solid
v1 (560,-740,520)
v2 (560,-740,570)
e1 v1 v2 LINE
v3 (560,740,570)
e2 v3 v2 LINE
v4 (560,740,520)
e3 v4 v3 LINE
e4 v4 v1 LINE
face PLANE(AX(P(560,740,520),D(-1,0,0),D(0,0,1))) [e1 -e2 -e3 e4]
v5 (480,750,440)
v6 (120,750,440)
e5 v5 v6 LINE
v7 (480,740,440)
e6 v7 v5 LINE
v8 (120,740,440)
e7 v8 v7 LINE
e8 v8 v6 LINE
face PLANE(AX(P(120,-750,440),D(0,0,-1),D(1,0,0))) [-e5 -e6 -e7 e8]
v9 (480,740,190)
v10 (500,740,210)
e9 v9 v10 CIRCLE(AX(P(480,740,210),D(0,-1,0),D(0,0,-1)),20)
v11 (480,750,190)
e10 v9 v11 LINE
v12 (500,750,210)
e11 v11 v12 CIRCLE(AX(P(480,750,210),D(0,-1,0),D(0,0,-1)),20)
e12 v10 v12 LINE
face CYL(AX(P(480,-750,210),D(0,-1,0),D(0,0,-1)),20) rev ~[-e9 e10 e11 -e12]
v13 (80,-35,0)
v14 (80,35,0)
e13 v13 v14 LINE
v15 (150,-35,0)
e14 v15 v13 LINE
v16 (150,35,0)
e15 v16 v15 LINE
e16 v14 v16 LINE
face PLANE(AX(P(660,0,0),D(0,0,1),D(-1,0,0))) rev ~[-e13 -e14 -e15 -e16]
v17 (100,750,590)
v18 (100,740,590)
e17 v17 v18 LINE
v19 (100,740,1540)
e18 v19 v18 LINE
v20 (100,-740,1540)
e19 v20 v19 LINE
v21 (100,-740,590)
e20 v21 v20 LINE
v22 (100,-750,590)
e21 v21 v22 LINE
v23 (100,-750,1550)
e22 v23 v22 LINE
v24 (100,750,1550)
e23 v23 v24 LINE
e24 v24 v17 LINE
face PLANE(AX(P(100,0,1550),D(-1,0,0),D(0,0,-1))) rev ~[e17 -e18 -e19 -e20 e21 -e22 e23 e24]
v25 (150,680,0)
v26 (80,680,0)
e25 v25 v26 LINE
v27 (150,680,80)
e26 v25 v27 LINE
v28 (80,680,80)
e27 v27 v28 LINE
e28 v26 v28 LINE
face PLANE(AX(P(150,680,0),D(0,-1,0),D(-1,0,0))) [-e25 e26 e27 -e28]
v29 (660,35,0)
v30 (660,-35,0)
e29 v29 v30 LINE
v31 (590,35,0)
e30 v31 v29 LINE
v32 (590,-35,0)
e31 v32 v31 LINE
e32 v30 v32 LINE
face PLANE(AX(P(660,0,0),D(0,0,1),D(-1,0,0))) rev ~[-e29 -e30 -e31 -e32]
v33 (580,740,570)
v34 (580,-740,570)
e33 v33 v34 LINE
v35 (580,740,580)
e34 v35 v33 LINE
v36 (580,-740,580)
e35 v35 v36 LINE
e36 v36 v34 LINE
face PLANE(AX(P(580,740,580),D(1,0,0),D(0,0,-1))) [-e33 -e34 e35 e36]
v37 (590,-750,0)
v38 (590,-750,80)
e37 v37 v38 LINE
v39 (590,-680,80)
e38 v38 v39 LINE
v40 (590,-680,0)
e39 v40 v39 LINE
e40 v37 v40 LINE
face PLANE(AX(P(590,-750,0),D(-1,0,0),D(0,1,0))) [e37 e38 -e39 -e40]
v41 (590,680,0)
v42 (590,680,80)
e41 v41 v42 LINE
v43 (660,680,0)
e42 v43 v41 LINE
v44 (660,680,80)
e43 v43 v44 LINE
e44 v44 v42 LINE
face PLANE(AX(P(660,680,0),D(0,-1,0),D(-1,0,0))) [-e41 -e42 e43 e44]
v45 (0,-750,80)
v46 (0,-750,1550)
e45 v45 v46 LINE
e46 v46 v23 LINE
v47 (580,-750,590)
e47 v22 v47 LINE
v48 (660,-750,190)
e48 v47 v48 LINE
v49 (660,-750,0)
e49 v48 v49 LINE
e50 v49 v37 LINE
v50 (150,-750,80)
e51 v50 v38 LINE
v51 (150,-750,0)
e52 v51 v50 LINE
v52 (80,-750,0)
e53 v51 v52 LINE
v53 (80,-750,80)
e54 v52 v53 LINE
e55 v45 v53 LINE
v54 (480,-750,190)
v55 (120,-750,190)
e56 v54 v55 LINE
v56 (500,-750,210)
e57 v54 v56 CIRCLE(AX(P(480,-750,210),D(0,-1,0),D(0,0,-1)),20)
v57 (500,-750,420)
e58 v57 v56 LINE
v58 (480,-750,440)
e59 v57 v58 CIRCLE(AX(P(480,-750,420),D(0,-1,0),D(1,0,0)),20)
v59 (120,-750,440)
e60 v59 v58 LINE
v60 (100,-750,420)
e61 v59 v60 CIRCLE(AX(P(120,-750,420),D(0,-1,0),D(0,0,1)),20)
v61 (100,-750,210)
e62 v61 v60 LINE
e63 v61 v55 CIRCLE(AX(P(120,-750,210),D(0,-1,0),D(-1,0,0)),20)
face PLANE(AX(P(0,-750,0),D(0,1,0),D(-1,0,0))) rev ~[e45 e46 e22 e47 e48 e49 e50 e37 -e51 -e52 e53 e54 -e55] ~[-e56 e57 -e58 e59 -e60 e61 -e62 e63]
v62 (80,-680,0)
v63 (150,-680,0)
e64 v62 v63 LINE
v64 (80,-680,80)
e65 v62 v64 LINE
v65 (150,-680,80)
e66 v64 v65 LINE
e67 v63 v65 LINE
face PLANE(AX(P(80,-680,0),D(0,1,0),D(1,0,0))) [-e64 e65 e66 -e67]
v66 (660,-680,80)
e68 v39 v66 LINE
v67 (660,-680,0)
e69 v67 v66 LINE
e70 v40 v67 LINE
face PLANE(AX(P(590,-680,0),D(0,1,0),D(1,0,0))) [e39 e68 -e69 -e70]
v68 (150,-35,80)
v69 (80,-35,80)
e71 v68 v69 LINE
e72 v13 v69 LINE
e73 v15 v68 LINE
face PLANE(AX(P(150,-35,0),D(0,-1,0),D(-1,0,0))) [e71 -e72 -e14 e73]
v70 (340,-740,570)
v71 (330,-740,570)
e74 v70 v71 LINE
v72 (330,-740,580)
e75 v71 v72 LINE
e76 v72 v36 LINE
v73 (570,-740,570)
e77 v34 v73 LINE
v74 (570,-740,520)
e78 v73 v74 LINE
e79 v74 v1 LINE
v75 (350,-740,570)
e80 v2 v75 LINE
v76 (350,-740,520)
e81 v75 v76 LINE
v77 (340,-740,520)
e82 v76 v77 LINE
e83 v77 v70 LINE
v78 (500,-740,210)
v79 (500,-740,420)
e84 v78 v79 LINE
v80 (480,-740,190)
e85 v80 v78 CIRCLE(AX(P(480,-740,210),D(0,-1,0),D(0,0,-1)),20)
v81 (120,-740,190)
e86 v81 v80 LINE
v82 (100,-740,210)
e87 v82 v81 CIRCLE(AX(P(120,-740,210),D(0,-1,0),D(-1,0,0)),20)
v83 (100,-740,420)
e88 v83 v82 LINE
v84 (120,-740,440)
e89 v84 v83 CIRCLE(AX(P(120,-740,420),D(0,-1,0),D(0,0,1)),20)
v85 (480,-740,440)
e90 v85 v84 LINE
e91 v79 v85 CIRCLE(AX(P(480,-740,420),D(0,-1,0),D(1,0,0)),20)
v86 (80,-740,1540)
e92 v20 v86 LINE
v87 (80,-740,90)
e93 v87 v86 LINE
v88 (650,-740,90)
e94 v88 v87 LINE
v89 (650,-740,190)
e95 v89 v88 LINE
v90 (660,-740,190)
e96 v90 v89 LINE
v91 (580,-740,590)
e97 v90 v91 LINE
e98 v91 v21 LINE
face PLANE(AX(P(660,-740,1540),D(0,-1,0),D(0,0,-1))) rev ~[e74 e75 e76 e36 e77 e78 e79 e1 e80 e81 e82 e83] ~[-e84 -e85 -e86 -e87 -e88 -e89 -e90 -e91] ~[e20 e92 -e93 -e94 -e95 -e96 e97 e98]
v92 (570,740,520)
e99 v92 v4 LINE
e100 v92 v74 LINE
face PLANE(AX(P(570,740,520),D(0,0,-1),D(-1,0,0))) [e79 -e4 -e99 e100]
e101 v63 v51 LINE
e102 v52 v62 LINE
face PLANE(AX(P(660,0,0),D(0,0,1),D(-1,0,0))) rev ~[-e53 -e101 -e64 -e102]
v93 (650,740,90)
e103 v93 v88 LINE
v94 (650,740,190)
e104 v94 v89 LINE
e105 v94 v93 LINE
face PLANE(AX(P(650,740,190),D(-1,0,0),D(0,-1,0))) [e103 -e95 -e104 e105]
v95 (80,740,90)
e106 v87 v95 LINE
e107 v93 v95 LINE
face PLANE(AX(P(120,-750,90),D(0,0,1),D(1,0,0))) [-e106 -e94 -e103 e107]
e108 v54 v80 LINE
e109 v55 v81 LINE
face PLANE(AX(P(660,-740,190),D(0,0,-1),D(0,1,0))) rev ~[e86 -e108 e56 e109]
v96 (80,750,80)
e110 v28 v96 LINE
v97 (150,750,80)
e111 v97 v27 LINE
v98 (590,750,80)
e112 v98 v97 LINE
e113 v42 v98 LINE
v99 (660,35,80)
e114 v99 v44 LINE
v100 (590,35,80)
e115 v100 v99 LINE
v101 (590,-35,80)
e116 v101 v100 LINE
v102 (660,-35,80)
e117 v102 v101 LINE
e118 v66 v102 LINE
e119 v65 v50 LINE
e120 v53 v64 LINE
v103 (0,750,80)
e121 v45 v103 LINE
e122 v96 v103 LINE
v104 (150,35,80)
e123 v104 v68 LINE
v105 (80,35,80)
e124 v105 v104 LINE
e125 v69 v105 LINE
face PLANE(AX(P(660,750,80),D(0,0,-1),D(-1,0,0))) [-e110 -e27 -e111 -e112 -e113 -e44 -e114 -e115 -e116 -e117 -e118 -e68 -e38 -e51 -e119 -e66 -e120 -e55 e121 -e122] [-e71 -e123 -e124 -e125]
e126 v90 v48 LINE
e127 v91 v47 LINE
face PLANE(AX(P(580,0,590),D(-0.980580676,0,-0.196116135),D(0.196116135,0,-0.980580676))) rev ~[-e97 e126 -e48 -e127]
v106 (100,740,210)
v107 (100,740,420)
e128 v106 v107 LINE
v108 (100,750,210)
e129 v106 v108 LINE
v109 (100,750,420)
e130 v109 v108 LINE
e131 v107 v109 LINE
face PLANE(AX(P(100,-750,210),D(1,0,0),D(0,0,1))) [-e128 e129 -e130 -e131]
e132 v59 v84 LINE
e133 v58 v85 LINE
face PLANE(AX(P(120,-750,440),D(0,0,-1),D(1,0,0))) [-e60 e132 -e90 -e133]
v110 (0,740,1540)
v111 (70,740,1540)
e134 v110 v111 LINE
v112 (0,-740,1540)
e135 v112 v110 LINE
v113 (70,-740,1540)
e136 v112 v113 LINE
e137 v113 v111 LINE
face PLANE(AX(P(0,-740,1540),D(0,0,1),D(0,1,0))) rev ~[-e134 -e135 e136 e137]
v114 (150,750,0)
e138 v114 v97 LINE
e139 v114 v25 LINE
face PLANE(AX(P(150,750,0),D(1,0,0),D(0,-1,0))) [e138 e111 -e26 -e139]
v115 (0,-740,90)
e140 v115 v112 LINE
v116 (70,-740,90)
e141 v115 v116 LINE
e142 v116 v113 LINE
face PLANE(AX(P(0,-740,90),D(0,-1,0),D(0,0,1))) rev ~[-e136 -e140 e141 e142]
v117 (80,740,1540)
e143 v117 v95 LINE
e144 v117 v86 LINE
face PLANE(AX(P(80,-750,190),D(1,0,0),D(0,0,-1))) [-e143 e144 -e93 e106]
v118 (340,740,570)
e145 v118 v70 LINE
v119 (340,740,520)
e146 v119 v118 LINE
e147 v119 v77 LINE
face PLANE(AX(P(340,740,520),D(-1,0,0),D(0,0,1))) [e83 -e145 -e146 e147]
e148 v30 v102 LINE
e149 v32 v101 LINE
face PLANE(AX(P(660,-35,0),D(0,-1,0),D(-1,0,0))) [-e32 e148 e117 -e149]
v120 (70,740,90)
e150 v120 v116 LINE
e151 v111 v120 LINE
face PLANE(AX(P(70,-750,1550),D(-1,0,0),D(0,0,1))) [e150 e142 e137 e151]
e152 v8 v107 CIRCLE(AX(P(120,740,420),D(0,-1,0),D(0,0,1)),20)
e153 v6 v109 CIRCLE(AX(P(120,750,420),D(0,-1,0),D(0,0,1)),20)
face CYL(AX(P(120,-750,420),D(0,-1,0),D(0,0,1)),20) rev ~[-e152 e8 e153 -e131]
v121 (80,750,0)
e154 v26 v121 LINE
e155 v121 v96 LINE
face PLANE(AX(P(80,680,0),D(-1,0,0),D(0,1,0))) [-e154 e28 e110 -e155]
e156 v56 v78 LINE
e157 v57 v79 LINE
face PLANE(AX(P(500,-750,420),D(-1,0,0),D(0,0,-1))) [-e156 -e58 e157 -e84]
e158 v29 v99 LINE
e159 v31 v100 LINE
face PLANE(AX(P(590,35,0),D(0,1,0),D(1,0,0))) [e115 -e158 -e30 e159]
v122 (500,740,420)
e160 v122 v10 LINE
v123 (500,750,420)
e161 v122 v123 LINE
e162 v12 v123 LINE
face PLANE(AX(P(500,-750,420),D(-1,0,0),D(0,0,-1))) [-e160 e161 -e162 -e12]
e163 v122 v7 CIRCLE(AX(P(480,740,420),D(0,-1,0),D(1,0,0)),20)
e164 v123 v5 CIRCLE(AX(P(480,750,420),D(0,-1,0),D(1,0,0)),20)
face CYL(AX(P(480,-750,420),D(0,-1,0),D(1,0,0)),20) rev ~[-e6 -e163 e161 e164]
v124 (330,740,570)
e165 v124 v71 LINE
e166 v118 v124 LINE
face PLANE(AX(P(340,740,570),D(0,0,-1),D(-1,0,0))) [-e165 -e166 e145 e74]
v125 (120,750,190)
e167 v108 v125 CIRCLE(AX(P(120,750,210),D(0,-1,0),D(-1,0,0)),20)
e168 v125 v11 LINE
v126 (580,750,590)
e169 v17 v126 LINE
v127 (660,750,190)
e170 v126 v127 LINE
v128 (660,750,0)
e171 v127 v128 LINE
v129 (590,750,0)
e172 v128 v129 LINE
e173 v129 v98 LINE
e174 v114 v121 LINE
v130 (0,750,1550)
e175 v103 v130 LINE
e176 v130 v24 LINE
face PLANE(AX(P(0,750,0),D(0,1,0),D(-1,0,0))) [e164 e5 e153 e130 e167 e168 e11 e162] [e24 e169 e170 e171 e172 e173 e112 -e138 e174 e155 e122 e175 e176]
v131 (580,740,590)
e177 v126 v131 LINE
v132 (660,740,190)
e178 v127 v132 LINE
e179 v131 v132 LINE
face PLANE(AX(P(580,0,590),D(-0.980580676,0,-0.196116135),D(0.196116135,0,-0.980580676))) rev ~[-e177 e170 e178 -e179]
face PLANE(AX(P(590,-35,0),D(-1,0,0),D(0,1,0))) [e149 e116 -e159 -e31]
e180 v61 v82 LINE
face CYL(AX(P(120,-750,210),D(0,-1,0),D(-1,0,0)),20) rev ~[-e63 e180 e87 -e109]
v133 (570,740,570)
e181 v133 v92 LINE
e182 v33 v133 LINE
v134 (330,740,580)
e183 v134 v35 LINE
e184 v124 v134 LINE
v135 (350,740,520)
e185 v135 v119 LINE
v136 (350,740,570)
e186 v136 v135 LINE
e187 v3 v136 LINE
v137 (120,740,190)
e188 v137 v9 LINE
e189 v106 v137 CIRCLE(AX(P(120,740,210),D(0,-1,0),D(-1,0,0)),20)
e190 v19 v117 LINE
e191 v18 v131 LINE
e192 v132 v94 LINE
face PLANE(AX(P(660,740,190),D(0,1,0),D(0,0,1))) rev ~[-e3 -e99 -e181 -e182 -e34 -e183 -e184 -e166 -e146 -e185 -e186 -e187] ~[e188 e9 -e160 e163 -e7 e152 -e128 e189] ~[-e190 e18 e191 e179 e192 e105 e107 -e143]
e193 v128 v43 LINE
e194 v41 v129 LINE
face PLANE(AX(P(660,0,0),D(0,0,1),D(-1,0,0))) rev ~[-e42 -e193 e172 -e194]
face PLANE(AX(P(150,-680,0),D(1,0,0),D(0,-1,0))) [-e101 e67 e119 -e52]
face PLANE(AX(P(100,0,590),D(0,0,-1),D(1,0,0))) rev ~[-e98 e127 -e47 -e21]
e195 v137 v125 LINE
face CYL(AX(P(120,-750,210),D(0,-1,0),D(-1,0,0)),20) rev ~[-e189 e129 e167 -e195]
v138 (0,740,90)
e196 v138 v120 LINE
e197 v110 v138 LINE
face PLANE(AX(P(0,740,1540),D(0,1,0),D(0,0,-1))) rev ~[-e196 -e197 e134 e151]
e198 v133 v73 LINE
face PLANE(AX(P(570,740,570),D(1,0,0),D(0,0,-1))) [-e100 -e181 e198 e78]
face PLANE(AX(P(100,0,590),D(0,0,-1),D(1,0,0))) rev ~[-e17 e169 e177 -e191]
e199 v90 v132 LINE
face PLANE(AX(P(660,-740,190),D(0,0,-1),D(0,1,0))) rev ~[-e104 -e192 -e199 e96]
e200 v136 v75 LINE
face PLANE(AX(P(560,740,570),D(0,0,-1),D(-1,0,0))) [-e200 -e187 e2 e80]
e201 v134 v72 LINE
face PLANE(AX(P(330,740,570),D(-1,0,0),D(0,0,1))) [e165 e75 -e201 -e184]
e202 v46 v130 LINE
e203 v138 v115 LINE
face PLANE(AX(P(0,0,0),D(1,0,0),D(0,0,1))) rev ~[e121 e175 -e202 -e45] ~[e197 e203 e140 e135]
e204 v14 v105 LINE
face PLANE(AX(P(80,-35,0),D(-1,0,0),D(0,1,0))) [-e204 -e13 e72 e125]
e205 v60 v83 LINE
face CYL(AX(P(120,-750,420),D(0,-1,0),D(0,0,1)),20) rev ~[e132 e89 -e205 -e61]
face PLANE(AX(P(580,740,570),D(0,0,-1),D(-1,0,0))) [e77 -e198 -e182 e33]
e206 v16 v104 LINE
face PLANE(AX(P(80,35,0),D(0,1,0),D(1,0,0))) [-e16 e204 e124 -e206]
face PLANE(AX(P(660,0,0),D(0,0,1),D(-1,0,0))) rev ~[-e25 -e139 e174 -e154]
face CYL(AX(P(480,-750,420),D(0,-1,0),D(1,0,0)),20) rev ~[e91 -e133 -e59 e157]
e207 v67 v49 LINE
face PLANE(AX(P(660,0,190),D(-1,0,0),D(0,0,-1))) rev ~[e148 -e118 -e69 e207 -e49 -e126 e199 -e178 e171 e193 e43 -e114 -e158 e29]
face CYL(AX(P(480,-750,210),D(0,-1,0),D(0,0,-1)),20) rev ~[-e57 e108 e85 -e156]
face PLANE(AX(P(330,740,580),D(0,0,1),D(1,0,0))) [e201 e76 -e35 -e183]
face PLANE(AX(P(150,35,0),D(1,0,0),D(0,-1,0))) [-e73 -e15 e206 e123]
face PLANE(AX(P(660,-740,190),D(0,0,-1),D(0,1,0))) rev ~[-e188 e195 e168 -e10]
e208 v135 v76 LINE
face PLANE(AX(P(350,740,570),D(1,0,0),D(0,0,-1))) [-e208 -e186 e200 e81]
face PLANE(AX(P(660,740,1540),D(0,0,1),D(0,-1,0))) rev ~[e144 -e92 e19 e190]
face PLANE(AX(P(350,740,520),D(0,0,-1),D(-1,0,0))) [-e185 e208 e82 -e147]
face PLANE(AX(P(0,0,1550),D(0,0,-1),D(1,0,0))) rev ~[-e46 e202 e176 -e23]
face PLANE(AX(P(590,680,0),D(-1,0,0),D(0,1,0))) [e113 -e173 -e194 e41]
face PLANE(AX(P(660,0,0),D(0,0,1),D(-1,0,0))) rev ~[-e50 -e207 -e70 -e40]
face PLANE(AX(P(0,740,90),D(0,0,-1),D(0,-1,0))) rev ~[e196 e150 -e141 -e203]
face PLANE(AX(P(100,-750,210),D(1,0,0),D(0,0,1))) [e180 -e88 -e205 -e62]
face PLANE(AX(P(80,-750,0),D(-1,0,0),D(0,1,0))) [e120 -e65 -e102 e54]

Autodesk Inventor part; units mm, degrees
ref_plane "YZ Plane" through (0, 0, 0) normal (1, 0, 0) x (0, 1, 0)
ref_plane "XZ Plane" through (0, 0, 0) normal (0, 1, 0) x (-1, 0, 0)
ref_plane "XY Plane" through (0, 0, 0) normal (0, 0, 1) x (1, 0, 0)
sketch "Sketch1" plane through (0, 0, 0) normal (0, 1, 0) x (-1, 0, 0)
  line L0 (0, 0) -> (0, 1550)
  line L1 (0, 1550) -> (-100, 1550)
  line L2 (-100, 1550) -> (-100, 590)
  line L3 (-100, 590) -> (-580, 590)
  line L4 (-580, 590) -> (-660, 190)
  line L5 (-660, 190) -> (-660, 0)
  line L6 (-660, 0) -> (0, 0)
  dimension "d0" = 1550
  dimension "d1" = 100
  dimension "d2" = 660
  dimension "d3" = 190
  dimension "d4" = 480
  dimension "d5" = 590
extrude "Extrusion1" add sketch "Sketch1" along normal mid plane 1500
sketch "Sketch2" plane through (660, 750, 0) normal (0, 0, -1) x (-1, 0, 0)
  line L0 (0, -1500) -> (0, 0) projected
  line L1 (660, -1500) -> (0, -1500) projected
  line L2 (660, -1500) -> (660, 0) projected
  line L3 (0, 0) -> (660, 0) projected
  line L4 (0, -1500) -> (0, 0) projected
  line L5 (0, -1500) -> (70, -1500)
  line L6 (70, -1500) -> (70, -1430)
  line L7 (70, -1430) -> (0, -1430)
  line L8 (0, -1430) -> (0, -1500)
  line L9 (0, -785) -> (70, -785)
  line L10 (70, -785) -> (70, -715)
  line L11 (70, -715) -> (0, -715)
  line L12 (0, -715) -> (0, -785)
  line L13 (0, -70) -> (70, -70)
  line L14 (70, -70) -> (70, 0)
  line L15 (70, 0) -> (0, 0)
  line L16 (0, 0) -> (0, -70)
  line L17 (510, -1500) -> (580, -1500)
  line L18 (580, -1500) -> (580, -1430)
  line L19 (580, -1430) -> (510, -1430)
  line L20 (510, -1430) -> (510, -1500)
  line L21 (510, -785) -> (580, -785)
  line L22 (580, -785) -> (580, -715)
  line L23 (580, -715) -> (510, -715)
  line L24 (510, -715) -> (510, -785)
  line L25 (510, -70) -> (580, -70)
  line L26 (580, -70) -> (580, 0)
  line L27 (580, 0) -> (510, 0)
  line L28 (510, 0) -> (510, -70)
  point P0 (660, -750)
  point P1 (70, 0)
  point P2 (0, -715)
  point P3 (0, -1430)
  point P4 (70, -1500)
  dimension "d8" = 70
  dimension "d9" = 70
  dimension "d20" = 715
  dimension "d23" = 510
extrude "Extrusion2" cut sketch "Sketch2" against normal blind 80 contours L0 L9 L10 L11 L13 L14 L3 L28 L25 L26 L2 L1 L18 L19 L20 L6 L7
sketch "Sketch3" plane through (0, -750, 1550) normal (-1, 0, 0) x (0, 0, 1)
  line L0 (0, 1500) -> (0, 0) projected
  line L1 (-1470, 1500) -> (0, 1500) projected
  line L2 (0, 0) -> (-1470, 0) projected
  line L3 (-1470, 1500) -> (-1470, 0) projected
  line L4 (-10, 1490) -> (-1460, 1490)
  line L5 (-1460, 1490) -> (-1460, 10)
  line L6 (-1460, 10) -> (-10, 10)
  line L7 (-10, 10) -> (-10, 1490)
  point P0 (-1550, 750)
  dimension "d28" = 10
  dimension "d30" = 10
  dimension "d31" = 10
  dimension "d32" = 10
extrude "Extrusion3" cut sketch "Sketch3" against normal blind 70 contours L7 L6 L5 L4
sketch "Sketch4" plane through (0, -750, 0) normal (0, -1, 0) x (1, 0, 0)
  line L0 (120, 440) -> (480, 440)
  line L1 (500, 420) -> (500, 210)
  line L2 (480, 190) -> (120, 190)
  line L3 (100, 210) -> (100, 420)
  line L4 (0, 1550) -> (0, 80) projected
  line L5 (150, 80) -> (590, 80) projected
  arc A0 (120, 440) -> (100, 420) centre (120, 420) ccw
  arc A1 (100, 210) -> (120, 190) centre (120, 210) ccw
  arc A2 (480, 190) -> (500, 210) centre (480, 210) ccw
  arc A3 (500, 420) -> (480, 440) centre (480, 420) ccw
  point P0 (0, 0)
  point P1 (100, 440)
  point P2 (500, 190)
  point P3 (500, 440)
  dimension "d35" = 400
  dimension "d36" = 250
  dimension "d37" = 100
  dimension "d38" = 110
  dimension "d39" = 20
extrude "Extrusion4" cut sketch "Sketch4" against normal through all
sketch "Sketch5" plane through (660, -750, 190) normal (1, 0, 0) x (0, 0, -1)
  line L0 (-1350, 10) -> (0, 10)
  line L1 (0, 10) -> (0, 1490)
  line L2 (0, 1490) -> (-1350, 1490)
  line L3 (-1350, 1490) -> (-1350, 10)
  line L4 (-1360, 1500) -> (-400, 1500) projected
  line L5 (-400, 0) -> (-1360, 0) projected
  line L6 (-1360, 0) -> (-1360, 1500) projected
  line L7 (0, 0) -> (0, 1500) projected
  point P0 (190, 750)
  point P1 (0, 750)
  point P2 (0, 750)
  dimension "d42" = 10
  dimension "d43" = 10
  dimension "d44" = 10
extrude "Extrusion5" cut sketch "Sketch5" against normal blind 580
sketch "Sketch6" plane through (120, -750, 190) normal (0, 0, 1) x (1, 0, 0)
  line L0 (-40, 1490) -> (530, 1490)
  line L1 (530, 1490) -> (530, 10)
  line L2 (530, 10) -> (-40, 10)
  line L3 (-40, 10) -> (-40, 1490)
  line L4 (540, 10) -> (540, 1490) projected
  line L5 (-20, 0) -> (-20, 1500) projected
  line L6 (-50, 10) -> (-50, 1490) projected
  point P0 (-120, 750)
  point P1 (245, 1490)
  point P2 (460, 1490)
  point P3 (245, 10)
  point P4 (460, 10)
  dimension "d47" = 10
  dimension "d50" = 10
extrude "Extrusion6" cut sketch "Sketch6" against normal blind 100
sketch "Sketch8" plane through (100, 740, 590) normal (0, -1, 0) x (1, 0, 0)
  line L0 (230, -10) -> (480, -10)
  line L1 (480, -10) -> (480, -20)
  line L2 (480, -20) -> (230, -20)
  line L3 (230, -20) -> (230, -10)
  line L4 (240, -20) -> (250, -20)
  line L5 (250, -20) -> (250, -70)
  line L6 (250, -70) -> (240, -70)
  line L7 (240, -70) -> (240, -20)
  line L8 (460, -20) -> (470, -20)
  line L9 (470, -20) -> (470, -70)
  line L10 (470, -70) -> (460, -70)
  line L11 (460, -70) -> (460, -20)
  line L12 (0, 0) -> (480, 0) projected
  point P0 (-100, -590)
  point P1 (480, -15)
  point P2 (470, -20)
  point P3 (250, -20)
  dimension "d51" = 250
  dimension "d52" = 10
  dimension "d53" = 10
  dimension "d54" = 10
  dimension "d55" = 10
  dimension "d56" = 10
  dimension "d57" = 50
  dimension "d58" = 10
extrude "Extrusion7" add sketch "Sketch8" along normal blind 1480
equation "\"d53\" = d52"
equation "\"d54\" = d52"
properties part number "Стол приёма ГПХ"
